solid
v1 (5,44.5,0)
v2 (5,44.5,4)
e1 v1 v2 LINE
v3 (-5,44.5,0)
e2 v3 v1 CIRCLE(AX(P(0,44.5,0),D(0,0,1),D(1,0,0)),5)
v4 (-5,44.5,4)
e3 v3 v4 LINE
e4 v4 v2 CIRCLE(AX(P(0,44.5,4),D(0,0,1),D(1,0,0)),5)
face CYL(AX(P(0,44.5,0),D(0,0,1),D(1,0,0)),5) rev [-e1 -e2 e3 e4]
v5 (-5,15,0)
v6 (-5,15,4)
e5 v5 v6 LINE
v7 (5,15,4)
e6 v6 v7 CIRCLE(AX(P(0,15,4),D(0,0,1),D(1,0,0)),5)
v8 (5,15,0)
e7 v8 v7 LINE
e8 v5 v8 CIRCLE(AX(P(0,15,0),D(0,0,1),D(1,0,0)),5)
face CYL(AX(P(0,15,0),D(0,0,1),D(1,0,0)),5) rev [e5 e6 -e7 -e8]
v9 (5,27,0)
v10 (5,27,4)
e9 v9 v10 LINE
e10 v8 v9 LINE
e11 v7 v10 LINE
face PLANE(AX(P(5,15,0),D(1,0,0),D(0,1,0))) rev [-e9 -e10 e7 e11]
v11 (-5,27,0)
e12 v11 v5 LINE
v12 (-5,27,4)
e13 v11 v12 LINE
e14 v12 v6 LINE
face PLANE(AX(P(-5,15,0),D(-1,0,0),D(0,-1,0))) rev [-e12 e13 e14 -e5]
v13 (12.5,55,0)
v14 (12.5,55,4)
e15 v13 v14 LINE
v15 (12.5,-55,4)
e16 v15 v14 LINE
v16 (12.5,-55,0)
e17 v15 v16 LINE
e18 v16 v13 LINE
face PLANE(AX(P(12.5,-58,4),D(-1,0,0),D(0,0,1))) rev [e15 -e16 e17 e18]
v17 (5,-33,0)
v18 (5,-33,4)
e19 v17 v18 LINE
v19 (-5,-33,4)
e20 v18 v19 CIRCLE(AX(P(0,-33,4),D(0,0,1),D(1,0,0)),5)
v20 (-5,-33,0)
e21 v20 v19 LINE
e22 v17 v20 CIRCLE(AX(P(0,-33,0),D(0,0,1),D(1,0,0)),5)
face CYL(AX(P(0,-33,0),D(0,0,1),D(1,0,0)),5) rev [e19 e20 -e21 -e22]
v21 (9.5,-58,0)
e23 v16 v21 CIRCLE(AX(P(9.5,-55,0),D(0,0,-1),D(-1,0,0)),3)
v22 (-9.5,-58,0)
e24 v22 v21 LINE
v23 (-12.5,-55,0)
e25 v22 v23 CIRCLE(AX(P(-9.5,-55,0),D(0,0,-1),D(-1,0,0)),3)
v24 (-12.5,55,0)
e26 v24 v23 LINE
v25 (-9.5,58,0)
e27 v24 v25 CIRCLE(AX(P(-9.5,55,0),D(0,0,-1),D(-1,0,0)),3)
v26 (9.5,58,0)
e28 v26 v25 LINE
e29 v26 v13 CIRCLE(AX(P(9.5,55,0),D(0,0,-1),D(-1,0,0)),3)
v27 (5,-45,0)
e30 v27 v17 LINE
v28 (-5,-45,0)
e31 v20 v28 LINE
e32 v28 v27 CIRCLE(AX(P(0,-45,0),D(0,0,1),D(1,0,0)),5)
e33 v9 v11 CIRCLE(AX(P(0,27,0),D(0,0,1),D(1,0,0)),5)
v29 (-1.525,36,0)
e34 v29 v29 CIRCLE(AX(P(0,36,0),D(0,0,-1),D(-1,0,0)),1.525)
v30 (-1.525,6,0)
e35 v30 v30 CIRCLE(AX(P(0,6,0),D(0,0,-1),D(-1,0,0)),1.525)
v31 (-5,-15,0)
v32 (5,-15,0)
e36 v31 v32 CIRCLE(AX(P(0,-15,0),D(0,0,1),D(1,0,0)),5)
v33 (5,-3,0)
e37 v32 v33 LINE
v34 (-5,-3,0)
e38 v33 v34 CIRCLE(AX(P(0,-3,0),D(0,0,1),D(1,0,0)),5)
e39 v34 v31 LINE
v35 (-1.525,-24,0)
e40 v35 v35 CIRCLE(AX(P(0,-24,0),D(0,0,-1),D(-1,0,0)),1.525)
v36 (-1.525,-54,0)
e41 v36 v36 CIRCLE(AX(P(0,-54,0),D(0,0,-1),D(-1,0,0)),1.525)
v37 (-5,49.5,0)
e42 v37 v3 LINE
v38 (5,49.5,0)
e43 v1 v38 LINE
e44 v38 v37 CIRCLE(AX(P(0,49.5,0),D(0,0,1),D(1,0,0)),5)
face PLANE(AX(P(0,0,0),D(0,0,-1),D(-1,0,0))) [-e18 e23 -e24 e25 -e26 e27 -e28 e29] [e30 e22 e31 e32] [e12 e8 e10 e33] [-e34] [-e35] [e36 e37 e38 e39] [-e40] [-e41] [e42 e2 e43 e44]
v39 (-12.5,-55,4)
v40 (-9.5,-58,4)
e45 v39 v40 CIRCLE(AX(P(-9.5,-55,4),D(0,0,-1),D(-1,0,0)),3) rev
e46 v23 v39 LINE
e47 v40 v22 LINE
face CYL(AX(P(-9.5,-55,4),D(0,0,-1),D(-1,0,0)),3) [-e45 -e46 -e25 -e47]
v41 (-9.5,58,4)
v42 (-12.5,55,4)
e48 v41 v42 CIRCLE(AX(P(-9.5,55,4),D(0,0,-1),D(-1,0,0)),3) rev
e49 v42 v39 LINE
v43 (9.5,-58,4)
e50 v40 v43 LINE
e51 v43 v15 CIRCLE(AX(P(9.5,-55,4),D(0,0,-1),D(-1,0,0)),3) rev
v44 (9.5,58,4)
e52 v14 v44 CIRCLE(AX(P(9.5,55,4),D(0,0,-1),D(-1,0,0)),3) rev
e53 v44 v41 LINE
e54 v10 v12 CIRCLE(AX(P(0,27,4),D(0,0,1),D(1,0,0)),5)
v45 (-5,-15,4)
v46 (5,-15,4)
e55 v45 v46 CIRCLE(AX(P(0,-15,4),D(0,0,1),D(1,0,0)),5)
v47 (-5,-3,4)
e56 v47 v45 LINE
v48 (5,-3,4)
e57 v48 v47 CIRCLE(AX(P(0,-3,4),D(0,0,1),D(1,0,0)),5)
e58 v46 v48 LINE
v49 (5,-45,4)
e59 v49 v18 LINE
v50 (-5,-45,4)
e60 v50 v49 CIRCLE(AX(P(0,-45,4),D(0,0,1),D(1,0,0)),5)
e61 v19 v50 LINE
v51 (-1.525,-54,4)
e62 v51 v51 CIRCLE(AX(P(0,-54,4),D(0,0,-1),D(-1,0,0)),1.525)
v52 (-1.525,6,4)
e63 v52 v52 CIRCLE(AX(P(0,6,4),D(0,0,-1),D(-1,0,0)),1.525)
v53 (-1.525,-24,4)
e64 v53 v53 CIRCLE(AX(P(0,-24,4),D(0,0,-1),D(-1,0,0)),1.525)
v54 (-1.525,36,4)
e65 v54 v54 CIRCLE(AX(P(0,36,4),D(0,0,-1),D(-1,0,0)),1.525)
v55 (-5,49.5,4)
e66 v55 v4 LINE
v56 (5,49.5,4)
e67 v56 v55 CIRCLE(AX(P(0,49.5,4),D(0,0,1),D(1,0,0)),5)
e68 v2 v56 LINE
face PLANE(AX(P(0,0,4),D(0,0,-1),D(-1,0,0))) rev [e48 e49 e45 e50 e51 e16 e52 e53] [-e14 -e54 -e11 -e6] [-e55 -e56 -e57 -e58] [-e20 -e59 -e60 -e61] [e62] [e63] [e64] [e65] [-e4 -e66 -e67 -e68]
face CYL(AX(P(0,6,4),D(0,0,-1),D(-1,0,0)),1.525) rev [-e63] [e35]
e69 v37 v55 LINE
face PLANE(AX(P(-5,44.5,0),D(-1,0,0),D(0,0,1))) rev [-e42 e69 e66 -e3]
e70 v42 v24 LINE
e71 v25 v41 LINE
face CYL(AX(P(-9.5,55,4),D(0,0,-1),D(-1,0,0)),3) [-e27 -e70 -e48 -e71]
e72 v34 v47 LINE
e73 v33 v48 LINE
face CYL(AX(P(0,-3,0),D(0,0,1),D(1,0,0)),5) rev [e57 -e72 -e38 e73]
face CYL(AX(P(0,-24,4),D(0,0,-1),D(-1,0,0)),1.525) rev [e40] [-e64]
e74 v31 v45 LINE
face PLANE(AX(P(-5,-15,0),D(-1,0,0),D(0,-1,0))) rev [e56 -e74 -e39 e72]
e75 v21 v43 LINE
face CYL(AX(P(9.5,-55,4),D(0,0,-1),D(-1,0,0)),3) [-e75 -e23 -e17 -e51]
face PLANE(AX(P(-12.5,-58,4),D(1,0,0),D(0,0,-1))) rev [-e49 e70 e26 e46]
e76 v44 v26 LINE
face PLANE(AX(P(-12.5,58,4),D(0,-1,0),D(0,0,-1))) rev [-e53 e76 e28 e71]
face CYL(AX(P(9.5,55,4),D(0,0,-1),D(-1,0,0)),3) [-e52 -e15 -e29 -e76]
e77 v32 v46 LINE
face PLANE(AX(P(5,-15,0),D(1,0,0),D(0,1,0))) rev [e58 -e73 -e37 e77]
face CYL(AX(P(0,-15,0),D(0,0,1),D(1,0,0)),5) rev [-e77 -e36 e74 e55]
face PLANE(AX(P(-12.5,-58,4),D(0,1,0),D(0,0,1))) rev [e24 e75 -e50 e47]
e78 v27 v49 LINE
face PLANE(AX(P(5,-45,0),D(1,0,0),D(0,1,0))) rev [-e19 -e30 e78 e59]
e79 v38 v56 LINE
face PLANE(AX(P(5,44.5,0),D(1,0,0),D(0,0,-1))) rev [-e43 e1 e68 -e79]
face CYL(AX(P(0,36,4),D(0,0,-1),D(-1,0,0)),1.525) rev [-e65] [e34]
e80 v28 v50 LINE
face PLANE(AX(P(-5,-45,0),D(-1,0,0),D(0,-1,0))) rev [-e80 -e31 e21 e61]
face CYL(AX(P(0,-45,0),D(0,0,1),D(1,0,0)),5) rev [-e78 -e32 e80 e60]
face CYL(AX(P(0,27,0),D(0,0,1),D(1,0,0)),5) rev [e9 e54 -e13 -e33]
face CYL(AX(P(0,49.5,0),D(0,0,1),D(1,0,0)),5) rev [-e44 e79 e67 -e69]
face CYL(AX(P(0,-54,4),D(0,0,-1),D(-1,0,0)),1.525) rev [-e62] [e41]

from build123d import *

# Parameters (mm, degrees)
SKETCH_1_W               = 25
SKETCH_1_H               = 116
EXTRUDE_1_DEPTH          = 4
SKETCH_2_R               = 1.525
CUT_EXTRUDE_1_DEPTH      = 1
CUT_EXTRUDE_1_DEPTH_BACK = 5
FILLET_1_R               = 3
CUT_EXTRUDE_2_DEPTH      = 1
CUT_EXTRUDE_2_DEPTH_BACK = 5


with BuildPart() as part:
    # 草图1 → 凸台-拉伸1 (new body)
    with BuildSketch(Plane.XY):
        Rectangle(SKETCH_1_W, SKETCH_1_H)
    extrude(amount=EXTRUDE_1_DEPTH)

    # 草图2 → 切除-拉伸1 (cut, two sides)
    with BuildSketch(Plane(origin=(0, 0, 0), x_dir=(-1, 0, 0), z_dir=(0, 0, -1))) as cut_extrude_1_sk:
        with Locations((0, -54.000000001)):
            Circle(SKETCH_2_R)
        with Locations((0, -24.000000001)):
            Circle(SKETCH_2_R)
        with Locations((0, 5.999999999)):
            Circle(SKETCH_2_R)
        with Locations((0, 35.999999999)):
            Circle(SKETCH_2_R)
    extrude(amount=CUT_EXTRUDE_1_DEPTH, mode=Mode.SUBTRACT)
    extrude(cut_extrude_1_sk.sketch, amount=-CUT_EXTRUDE_1_DEPTH_BACK, mode=Mode.SUBTRACT)

    # 圆角1
    fillet_1_edges = [part.edges().sort_by_distance(p)[0] for p in [
        (12.5, -58, 2),
        (-12.5, -58, 2),
        (-12.5, 58, 2),
        (12.5, 58, 2),
    ]]
    fillet(fillet_1_edges, radius=FILLET_1_R)

    # 草图4 → 切除-拉伸2 (cut, two sides)
    with BuildSketch(Plane.XY.offset(4)) as cut_extrude_2_sk:
        with BuildLine():
            Line((-5, 14.999999999), (-5, 26.999999999))
            ThreePointArc((-5, 26.999999999), (0, 31.999999999), (5, 26.999999999))
            Line((5, 26.999999999), (5, 14.999999999))
            ThreePointArc((5, 14.999999999), (0, 9.999999999), (-5, 14.999999999))
        make_face()
        with BuildLine():
            Line((-5, -45.000000001), (-5, -33.000000001))
            ThreePointArc((-5, -33.000000001), (0, -28.000000001), (5, -33.000000001))
            Line((5, -33.000000001), (5, -45.000000001))
            ThreePointArc((5, -45.000000001), (0, -50.000000001), (-5, -45.000000001))
        make_face()
        with BuildLine():
            Line((-5, -15.000000001), (-5, -3.000000001))
            ThreePointArc((-5, -3.000000001), (0, 1.999999999), (5, -3.000000001))
            Line((5, -3.000000001), (5, -15.000000001))
            ThreePointArc((5, -15.000000001), (0, -20.000000001), (-5, -15.000000001))
        make_face()
        with BuildLine():
            Line((-5, 44.499999999), (-5, 49.499999999))
            ThreePointArc((-5, 49.499999999), (0, 54.499999999), (5, 49.499999999))
            Line((5, 49.499999999), (5, 44.499999999))
            ThreePointArc((5, 44.499999999), (0, 39.499999999), (-5, 44.499999999))
        make_face()
    extrude(amount=CUT_EXTRUDE_2_DEPTH, mode=Mode.SUBTRACT)
    extrude(cut_extrude_2_sk.sketch, amount=-CUT_EXTRUDE_2_DEPTH_BACK, mode=Mode.SUBTRACT)


solid = part.part
